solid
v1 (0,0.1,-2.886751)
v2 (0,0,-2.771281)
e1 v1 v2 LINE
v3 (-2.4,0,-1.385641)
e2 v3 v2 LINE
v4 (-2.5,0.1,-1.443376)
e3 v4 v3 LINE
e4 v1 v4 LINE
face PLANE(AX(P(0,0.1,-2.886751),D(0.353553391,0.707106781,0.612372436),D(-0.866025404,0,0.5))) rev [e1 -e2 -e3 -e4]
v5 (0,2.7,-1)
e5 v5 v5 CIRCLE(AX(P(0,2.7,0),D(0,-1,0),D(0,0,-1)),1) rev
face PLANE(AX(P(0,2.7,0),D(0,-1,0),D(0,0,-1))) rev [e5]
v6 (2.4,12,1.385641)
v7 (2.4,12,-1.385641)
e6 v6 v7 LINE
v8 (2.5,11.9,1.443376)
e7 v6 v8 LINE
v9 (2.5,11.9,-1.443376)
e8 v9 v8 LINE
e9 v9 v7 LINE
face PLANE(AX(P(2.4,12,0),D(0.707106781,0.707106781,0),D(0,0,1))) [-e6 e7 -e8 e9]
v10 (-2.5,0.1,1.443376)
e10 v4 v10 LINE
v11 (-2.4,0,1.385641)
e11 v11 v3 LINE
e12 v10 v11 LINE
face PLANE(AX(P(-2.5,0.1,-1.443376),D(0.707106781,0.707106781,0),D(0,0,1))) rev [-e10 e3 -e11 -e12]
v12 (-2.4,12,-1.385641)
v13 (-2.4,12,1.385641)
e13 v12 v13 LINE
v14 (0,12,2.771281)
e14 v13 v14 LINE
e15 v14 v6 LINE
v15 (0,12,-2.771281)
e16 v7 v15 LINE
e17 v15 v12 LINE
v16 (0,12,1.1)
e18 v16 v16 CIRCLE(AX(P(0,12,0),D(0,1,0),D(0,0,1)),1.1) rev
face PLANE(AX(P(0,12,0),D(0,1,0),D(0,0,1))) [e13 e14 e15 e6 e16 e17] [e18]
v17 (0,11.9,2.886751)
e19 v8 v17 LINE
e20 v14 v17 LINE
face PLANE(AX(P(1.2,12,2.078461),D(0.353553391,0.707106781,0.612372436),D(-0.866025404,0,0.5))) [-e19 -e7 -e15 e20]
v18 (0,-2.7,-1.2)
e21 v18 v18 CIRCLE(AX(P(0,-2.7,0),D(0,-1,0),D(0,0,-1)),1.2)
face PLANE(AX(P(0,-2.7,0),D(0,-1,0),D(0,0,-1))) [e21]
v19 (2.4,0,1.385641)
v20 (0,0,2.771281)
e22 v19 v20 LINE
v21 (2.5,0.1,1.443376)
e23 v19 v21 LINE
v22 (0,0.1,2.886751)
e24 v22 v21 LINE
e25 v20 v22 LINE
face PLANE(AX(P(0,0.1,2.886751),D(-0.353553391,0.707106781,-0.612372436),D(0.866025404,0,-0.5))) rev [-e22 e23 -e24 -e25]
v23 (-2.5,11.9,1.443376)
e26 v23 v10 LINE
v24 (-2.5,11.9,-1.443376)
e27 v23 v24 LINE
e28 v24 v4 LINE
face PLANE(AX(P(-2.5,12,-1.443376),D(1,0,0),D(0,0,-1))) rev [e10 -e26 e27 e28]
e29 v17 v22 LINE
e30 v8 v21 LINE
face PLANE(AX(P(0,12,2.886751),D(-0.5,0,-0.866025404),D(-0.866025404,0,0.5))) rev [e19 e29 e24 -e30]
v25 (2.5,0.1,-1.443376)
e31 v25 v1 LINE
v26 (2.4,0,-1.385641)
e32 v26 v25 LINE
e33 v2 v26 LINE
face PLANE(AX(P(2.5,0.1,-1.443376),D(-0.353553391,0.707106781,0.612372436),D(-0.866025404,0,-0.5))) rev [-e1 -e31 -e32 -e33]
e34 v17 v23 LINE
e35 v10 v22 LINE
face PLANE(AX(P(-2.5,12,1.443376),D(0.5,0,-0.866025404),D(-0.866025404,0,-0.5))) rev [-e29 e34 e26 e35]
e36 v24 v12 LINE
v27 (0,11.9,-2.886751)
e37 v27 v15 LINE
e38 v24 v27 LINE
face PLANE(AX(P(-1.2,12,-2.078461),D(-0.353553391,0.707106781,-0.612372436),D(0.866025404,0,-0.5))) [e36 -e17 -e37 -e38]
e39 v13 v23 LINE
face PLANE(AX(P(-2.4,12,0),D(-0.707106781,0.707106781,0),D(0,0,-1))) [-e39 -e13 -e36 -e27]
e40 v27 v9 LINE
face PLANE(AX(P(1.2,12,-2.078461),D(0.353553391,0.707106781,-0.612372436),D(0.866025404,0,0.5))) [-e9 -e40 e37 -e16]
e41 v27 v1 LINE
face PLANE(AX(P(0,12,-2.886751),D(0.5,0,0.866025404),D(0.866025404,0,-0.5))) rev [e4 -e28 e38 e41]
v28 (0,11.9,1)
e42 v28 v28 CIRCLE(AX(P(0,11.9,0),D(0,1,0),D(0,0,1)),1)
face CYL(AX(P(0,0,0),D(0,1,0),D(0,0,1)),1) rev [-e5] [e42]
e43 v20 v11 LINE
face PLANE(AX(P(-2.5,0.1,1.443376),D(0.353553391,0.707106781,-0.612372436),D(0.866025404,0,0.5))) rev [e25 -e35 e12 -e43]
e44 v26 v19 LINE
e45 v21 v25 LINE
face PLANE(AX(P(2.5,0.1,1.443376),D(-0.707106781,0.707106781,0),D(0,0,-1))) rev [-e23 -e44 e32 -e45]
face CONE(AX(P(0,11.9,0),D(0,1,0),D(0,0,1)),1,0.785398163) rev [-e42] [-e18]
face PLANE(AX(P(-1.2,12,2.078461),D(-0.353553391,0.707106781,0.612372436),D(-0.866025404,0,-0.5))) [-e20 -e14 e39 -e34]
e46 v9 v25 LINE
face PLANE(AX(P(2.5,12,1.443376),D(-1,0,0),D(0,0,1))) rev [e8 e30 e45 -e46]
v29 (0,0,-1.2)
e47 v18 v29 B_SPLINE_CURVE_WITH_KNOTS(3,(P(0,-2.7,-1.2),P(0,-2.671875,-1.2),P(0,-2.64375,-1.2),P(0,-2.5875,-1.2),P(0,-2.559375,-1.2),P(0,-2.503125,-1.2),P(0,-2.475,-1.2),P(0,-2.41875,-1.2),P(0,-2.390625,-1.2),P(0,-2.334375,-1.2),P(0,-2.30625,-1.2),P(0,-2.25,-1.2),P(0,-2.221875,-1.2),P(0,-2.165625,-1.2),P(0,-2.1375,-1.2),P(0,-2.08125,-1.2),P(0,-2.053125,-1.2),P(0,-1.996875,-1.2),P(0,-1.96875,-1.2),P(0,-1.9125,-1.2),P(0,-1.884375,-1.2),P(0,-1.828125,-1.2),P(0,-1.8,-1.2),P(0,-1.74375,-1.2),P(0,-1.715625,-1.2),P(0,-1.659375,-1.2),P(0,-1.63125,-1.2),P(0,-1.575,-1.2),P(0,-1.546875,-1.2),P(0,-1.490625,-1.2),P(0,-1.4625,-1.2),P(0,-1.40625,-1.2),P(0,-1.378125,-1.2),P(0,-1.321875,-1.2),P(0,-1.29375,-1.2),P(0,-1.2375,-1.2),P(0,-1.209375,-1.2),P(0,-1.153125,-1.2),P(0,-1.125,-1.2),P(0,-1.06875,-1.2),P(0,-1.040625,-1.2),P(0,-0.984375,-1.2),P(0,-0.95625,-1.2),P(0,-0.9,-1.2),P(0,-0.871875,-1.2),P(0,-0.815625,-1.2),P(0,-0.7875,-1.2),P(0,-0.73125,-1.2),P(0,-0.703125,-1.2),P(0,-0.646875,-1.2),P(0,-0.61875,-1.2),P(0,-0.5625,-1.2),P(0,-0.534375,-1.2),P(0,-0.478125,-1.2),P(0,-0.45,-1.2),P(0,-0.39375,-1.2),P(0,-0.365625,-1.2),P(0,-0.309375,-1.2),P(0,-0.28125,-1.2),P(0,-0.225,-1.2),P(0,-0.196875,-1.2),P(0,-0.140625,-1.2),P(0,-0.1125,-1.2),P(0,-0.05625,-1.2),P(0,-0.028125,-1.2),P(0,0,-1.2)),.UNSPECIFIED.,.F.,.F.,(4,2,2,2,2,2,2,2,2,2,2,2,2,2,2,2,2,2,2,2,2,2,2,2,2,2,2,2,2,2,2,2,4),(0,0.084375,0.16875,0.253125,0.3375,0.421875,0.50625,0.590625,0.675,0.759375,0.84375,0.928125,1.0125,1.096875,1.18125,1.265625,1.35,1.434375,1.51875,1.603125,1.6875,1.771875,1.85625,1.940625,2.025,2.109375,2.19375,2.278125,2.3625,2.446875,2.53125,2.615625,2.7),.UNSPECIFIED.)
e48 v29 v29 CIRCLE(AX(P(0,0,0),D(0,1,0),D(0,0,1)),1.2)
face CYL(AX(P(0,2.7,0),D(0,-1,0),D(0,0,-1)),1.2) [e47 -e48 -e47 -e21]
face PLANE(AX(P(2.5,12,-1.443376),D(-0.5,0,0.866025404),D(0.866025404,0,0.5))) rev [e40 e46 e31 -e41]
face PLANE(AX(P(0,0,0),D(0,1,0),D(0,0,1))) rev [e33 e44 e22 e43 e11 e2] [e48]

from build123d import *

# Parameters (mm, degrees)
BOSS_EXTRUDE1_DEPTH      = 12
SKETCH2_R                = 1
CUT_EXTRUDE1_DEPTH       = 13.592987467
CHAMFER1_SIZE            = 0.1
BOSS_EXTRUDE2_DEPTH      = 2.7
BOSS_EXTRUDE2_DEPTH_BACK = 2.7
SKETCH3_R                = 1.2


with BuildPart() as part:
    # Sketch1 → Boss-Extrude1 (new body)
    with BuildSketch(Plane(origin=(0, 0, 0), x_dir=(1, 0, 0), z_dir=(0, 1, 0))):
        Polygon((0, 2.886751346), (-2.5, 1.443375673), (-2.5, -1.443375673), (0, -2.886751346), (2.5, -1.443375673), (2.5, 1.443375673), align=None)
    extrude(amount=BOSS_EXTRUDE1_DEPTH)

    # Sketch2 → Cut-Extrude1 (cut, through all)
    with BuildSketch(Plane(origin=(0, 12, 0), x_dir=(1, 0, 0), z_dir=(0, 1, 0))):
        with Locations(Location((0, 0, 0), (0, 0, 270))):
            Circle(SKETCH2_R)
    extrude(amount=-CUT_EXTRUDE1_DEPTH, mode=Mode.SUBTRACT)

    # Chamfer1
    chamfer1_edges = [part.edges().sort_by_distance(p)[0] for p in [
        (-2.5, 12, 0),
        (-1.25, 12, 2.165063509),
        (1.25, 12, 2.165063509),
        (2.5, 12, 0),
        (0, 12, -1),
        (1.25, 12, -2.165063509),
        (2.5, 0, 0),
        (1.25, 0, 2.165063509),
        (-1.25, 0, 2.165063509),
        (-1.25, 12, -2.165063509),
        (-2.5, 0, 0),
        (-1.25, 0, -2.165063509),
        (1.25, 0, -2.165063509),
    ]]
    chamfer(chamfer1_edges, length=CHAMFER1_SIZE)

    # Sketch3 → Boss-Extrude2 (add, two sides: drawn at the far end of the back side and taken through both)
    with BuildSketch(Plane.XZ.offset(-BOSS_EXTRUDE2_DEPTH_BACK)):
        with Locations(Location((0, 0, 0), (0, 0, 270))):
            Circle(SKETCH3_R)
    extrude(amount=BOSS_EXTRUDE2_DEPTH + BOSS_EXTRUDE2_DEPTH_BACK)


solid = part.part
